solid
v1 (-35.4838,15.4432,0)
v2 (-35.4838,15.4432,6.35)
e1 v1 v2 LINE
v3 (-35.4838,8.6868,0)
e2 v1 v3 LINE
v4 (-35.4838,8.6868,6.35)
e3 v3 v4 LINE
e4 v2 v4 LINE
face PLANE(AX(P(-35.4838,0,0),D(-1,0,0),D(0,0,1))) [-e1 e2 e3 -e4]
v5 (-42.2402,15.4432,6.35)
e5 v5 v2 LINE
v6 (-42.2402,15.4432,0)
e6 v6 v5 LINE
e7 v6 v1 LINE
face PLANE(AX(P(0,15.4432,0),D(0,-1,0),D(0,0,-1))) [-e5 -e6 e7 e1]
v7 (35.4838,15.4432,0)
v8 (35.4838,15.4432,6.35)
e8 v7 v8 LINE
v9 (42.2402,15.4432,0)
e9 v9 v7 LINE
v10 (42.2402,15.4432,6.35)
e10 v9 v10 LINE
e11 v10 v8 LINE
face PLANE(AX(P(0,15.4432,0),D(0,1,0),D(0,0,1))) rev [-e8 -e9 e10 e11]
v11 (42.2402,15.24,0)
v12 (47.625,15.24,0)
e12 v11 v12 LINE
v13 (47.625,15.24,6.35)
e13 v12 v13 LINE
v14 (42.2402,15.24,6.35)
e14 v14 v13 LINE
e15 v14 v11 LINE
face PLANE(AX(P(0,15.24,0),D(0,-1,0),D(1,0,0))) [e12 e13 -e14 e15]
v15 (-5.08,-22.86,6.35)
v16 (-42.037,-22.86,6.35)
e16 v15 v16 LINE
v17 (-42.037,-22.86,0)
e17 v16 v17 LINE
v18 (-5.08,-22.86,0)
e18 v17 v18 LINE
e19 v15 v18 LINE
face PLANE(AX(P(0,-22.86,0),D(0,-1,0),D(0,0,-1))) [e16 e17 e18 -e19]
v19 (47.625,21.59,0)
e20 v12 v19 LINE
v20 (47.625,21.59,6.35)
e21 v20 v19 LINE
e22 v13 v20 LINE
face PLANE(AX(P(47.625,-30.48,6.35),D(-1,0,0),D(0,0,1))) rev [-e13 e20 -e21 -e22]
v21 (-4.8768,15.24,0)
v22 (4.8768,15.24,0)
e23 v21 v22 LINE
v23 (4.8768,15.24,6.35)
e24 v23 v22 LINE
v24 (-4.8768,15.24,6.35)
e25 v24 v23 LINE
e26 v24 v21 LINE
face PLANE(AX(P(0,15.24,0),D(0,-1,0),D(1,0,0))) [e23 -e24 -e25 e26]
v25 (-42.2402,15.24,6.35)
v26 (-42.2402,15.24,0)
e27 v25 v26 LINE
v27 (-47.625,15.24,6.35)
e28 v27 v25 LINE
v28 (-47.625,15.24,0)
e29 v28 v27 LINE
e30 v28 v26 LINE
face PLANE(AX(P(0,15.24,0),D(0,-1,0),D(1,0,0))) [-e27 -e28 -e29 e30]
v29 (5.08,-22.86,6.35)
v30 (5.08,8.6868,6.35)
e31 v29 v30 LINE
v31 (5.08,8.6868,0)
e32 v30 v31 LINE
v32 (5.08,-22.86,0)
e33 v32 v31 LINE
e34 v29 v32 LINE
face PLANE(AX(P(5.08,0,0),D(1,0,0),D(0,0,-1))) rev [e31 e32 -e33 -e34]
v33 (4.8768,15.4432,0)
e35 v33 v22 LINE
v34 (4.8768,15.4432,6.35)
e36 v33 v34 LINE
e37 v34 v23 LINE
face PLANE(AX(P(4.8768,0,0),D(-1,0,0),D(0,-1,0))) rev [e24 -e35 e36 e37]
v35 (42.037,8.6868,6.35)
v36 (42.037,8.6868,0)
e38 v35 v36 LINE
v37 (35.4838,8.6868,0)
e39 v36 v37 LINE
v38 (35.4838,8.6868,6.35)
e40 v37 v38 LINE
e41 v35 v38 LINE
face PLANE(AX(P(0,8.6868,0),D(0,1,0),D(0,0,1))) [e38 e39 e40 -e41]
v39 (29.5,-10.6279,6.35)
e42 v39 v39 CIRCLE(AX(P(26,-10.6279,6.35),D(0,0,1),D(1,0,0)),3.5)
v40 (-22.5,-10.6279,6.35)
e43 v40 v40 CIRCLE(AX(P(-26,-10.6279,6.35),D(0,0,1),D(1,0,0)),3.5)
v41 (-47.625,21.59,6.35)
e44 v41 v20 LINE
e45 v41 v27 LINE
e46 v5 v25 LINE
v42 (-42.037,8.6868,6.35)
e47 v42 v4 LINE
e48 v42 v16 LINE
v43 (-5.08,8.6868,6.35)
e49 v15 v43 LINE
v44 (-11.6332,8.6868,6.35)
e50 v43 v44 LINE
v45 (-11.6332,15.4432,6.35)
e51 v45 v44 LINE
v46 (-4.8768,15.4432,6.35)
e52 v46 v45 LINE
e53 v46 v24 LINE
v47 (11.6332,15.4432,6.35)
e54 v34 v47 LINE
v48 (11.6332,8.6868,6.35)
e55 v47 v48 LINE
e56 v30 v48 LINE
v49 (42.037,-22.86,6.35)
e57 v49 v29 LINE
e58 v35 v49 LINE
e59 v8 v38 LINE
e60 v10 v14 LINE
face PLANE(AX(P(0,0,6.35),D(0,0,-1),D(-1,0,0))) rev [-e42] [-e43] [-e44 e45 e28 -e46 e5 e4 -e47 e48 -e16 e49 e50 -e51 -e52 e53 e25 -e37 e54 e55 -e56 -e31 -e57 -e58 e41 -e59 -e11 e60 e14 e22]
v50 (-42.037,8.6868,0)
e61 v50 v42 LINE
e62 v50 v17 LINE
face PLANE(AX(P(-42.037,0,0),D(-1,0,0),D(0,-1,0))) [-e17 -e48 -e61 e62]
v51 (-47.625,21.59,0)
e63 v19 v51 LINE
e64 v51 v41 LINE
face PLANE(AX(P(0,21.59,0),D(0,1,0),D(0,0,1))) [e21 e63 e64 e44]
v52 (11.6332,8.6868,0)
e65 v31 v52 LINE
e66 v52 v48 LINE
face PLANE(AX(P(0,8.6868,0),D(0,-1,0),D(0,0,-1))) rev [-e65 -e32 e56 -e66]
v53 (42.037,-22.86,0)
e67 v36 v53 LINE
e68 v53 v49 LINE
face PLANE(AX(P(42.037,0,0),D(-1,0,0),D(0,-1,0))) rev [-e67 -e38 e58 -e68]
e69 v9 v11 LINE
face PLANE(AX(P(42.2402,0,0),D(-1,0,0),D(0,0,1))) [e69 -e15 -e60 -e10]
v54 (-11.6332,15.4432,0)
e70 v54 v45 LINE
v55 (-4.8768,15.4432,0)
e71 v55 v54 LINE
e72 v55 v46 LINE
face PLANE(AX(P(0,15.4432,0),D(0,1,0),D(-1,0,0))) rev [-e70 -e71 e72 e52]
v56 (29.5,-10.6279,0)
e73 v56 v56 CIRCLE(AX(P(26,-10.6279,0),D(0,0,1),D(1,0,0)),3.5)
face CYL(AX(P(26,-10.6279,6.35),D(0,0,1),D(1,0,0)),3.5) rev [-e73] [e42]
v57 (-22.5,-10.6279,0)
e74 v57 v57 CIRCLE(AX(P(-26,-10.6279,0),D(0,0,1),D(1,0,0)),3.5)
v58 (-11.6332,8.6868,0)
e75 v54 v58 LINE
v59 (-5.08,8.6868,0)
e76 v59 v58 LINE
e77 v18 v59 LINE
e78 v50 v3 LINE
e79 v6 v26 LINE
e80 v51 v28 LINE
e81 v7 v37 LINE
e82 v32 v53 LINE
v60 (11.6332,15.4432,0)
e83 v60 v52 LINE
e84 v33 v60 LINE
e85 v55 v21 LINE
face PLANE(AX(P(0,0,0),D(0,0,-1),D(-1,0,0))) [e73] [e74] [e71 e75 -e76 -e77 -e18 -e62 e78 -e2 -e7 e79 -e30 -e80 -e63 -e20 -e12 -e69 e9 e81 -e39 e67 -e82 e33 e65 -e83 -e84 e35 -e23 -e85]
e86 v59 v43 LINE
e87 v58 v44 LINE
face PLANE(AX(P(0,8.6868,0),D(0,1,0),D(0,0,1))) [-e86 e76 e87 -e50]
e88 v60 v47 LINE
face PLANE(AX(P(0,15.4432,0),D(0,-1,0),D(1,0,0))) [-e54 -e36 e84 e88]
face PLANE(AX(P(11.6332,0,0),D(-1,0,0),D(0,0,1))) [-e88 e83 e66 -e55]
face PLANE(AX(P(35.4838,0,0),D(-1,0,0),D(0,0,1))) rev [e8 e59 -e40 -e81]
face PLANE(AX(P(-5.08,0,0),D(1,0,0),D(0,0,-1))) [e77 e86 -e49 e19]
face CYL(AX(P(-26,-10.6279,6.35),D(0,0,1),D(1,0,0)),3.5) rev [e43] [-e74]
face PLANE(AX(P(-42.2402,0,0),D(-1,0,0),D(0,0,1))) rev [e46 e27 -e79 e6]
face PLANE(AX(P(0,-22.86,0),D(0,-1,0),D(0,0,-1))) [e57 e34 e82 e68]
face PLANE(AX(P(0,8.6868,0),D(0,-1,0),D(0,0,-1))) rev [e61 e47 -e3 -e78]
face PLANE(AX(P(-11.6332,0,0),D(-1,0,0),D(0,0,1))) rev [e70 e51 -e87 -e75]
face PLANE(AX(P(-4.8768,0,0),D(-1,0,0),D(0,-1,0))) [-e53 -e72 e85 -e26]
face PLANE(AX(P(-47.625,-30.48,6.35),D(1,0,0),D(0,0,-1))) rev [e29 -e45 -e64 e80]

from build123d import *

# Parameters (mm, degrees)
SKETCH3_W            = 95.25
SKETCH3_H            = 60.96
BOSS_EXTRUDE1_DEPTH  = 6.35
SKETCH4_W            = 5.588
SKETCH4_H            = 45.72
SKETCH4_W_2          = 10.16
CUT_EXTRUDE1_DEPTH   = 6.35
SKETCH5_W            = 6.7564
SKETCH5_H            = 6.7564
CUT_EXTRUDE2_DEPTH   = 57.898976485
SKETCH9_W            = 95.25
SKETCH9_H            = 6.35
CUT_EXTRUDE6_DEPTH   = 8.89
SKETCH11_W           = 84.074
SKETCH11_H           = 6.35
CUT_EXTRUDE9_DEPTH   = 7.62
M6_CLEARANCE_HOLE2_D = 7


with BuildPart() as part:
    # Sketch3 → Boss-Extrude1 (new body)
    with BuildSketch(Plane.XY):
        Rectangle(SKETCH3_W, SKETCH3_H)
    extrude(amount=BOSS_EXTRUDE1_DEPTH)

    # Sketch4 → Cut-Extrude1 (cut)
    with BuildSketch(Plane.XY.offset(6.35)):
        with Locations((-44.831, -7.62)):
            Rectangle(SKETCH4_W, SKETCH4_H)
        with Locations((0, -7.62)):
            Rectangle(SKETCH4_W_2, SKETCH4_H)
        with Locations((44.831, -7.62)):
            Rectangle(SKETCH4_W, SKETCH4_H)
    extrude(amount=-CUT_EXTRUDE1_DEPTH, mode=Mode.SUBTRACT)

    # Sketch5 → Cut-Extrude2 (cut, through all)
    with BuildSketch(Plane.XY.offset(6.35)):
        with Locations((-38.862, 12.065)):
            Rectangle(SKETCH5_W, SKETCH5_H)
        with Locations((-8.255, 12.065)):
            Rectangle(SKETCH5_W, SKETCH5_H)
    cut_extrude2 = extrude(amount=-CUT_EXTRUDE2_DEPTH, mode=Mode.SUBTRACT)

    # Mirror1: Cut-Extrude2 across plane
    add(cut_extrude2.mirror(Plane(origin=(0, 0, 0), x_dir=(0, 0, 1), z_dir=(1, 0, 0))), mode=Mode.SUBTRACT)

    # Sketch9 → Cut-Extrude6 (cut)
    with BuildSketch(Plane(origin=(0, 30.48, 0), x_dir=(1, 0, 0), z_dir=(0, 1, 0))):
        with Locations((0, -3.175)):
            Rectangle(SKETCH9_W, SKETCH9_H)
    extrude(amount=-CUT_EXTRUDE6_DEPTH, mode=Mode.SUBTRACT)

    # Sketch11 → Cut-Extrude9 (cut)
    with BuildSketch(Plane.XZ.offset(30.48)):
        with Locations((0, 3.175)):
            Rectangle(SKETCH11_W, SKETCH11_H)
    extrude(amount=-CUT_EXTRUDE9_DEPTH, mode=Mode.SUBTRACT)

    # M6 Clearance Hole2 (through all)
    with Locations(Plane.XY.offset(6.35)):
        with Locations((26, -10.6279), (-26, -10.6279)):
            Hole(M6_CLEARANCE_HOLE2_D / 2)


solid = part.part
